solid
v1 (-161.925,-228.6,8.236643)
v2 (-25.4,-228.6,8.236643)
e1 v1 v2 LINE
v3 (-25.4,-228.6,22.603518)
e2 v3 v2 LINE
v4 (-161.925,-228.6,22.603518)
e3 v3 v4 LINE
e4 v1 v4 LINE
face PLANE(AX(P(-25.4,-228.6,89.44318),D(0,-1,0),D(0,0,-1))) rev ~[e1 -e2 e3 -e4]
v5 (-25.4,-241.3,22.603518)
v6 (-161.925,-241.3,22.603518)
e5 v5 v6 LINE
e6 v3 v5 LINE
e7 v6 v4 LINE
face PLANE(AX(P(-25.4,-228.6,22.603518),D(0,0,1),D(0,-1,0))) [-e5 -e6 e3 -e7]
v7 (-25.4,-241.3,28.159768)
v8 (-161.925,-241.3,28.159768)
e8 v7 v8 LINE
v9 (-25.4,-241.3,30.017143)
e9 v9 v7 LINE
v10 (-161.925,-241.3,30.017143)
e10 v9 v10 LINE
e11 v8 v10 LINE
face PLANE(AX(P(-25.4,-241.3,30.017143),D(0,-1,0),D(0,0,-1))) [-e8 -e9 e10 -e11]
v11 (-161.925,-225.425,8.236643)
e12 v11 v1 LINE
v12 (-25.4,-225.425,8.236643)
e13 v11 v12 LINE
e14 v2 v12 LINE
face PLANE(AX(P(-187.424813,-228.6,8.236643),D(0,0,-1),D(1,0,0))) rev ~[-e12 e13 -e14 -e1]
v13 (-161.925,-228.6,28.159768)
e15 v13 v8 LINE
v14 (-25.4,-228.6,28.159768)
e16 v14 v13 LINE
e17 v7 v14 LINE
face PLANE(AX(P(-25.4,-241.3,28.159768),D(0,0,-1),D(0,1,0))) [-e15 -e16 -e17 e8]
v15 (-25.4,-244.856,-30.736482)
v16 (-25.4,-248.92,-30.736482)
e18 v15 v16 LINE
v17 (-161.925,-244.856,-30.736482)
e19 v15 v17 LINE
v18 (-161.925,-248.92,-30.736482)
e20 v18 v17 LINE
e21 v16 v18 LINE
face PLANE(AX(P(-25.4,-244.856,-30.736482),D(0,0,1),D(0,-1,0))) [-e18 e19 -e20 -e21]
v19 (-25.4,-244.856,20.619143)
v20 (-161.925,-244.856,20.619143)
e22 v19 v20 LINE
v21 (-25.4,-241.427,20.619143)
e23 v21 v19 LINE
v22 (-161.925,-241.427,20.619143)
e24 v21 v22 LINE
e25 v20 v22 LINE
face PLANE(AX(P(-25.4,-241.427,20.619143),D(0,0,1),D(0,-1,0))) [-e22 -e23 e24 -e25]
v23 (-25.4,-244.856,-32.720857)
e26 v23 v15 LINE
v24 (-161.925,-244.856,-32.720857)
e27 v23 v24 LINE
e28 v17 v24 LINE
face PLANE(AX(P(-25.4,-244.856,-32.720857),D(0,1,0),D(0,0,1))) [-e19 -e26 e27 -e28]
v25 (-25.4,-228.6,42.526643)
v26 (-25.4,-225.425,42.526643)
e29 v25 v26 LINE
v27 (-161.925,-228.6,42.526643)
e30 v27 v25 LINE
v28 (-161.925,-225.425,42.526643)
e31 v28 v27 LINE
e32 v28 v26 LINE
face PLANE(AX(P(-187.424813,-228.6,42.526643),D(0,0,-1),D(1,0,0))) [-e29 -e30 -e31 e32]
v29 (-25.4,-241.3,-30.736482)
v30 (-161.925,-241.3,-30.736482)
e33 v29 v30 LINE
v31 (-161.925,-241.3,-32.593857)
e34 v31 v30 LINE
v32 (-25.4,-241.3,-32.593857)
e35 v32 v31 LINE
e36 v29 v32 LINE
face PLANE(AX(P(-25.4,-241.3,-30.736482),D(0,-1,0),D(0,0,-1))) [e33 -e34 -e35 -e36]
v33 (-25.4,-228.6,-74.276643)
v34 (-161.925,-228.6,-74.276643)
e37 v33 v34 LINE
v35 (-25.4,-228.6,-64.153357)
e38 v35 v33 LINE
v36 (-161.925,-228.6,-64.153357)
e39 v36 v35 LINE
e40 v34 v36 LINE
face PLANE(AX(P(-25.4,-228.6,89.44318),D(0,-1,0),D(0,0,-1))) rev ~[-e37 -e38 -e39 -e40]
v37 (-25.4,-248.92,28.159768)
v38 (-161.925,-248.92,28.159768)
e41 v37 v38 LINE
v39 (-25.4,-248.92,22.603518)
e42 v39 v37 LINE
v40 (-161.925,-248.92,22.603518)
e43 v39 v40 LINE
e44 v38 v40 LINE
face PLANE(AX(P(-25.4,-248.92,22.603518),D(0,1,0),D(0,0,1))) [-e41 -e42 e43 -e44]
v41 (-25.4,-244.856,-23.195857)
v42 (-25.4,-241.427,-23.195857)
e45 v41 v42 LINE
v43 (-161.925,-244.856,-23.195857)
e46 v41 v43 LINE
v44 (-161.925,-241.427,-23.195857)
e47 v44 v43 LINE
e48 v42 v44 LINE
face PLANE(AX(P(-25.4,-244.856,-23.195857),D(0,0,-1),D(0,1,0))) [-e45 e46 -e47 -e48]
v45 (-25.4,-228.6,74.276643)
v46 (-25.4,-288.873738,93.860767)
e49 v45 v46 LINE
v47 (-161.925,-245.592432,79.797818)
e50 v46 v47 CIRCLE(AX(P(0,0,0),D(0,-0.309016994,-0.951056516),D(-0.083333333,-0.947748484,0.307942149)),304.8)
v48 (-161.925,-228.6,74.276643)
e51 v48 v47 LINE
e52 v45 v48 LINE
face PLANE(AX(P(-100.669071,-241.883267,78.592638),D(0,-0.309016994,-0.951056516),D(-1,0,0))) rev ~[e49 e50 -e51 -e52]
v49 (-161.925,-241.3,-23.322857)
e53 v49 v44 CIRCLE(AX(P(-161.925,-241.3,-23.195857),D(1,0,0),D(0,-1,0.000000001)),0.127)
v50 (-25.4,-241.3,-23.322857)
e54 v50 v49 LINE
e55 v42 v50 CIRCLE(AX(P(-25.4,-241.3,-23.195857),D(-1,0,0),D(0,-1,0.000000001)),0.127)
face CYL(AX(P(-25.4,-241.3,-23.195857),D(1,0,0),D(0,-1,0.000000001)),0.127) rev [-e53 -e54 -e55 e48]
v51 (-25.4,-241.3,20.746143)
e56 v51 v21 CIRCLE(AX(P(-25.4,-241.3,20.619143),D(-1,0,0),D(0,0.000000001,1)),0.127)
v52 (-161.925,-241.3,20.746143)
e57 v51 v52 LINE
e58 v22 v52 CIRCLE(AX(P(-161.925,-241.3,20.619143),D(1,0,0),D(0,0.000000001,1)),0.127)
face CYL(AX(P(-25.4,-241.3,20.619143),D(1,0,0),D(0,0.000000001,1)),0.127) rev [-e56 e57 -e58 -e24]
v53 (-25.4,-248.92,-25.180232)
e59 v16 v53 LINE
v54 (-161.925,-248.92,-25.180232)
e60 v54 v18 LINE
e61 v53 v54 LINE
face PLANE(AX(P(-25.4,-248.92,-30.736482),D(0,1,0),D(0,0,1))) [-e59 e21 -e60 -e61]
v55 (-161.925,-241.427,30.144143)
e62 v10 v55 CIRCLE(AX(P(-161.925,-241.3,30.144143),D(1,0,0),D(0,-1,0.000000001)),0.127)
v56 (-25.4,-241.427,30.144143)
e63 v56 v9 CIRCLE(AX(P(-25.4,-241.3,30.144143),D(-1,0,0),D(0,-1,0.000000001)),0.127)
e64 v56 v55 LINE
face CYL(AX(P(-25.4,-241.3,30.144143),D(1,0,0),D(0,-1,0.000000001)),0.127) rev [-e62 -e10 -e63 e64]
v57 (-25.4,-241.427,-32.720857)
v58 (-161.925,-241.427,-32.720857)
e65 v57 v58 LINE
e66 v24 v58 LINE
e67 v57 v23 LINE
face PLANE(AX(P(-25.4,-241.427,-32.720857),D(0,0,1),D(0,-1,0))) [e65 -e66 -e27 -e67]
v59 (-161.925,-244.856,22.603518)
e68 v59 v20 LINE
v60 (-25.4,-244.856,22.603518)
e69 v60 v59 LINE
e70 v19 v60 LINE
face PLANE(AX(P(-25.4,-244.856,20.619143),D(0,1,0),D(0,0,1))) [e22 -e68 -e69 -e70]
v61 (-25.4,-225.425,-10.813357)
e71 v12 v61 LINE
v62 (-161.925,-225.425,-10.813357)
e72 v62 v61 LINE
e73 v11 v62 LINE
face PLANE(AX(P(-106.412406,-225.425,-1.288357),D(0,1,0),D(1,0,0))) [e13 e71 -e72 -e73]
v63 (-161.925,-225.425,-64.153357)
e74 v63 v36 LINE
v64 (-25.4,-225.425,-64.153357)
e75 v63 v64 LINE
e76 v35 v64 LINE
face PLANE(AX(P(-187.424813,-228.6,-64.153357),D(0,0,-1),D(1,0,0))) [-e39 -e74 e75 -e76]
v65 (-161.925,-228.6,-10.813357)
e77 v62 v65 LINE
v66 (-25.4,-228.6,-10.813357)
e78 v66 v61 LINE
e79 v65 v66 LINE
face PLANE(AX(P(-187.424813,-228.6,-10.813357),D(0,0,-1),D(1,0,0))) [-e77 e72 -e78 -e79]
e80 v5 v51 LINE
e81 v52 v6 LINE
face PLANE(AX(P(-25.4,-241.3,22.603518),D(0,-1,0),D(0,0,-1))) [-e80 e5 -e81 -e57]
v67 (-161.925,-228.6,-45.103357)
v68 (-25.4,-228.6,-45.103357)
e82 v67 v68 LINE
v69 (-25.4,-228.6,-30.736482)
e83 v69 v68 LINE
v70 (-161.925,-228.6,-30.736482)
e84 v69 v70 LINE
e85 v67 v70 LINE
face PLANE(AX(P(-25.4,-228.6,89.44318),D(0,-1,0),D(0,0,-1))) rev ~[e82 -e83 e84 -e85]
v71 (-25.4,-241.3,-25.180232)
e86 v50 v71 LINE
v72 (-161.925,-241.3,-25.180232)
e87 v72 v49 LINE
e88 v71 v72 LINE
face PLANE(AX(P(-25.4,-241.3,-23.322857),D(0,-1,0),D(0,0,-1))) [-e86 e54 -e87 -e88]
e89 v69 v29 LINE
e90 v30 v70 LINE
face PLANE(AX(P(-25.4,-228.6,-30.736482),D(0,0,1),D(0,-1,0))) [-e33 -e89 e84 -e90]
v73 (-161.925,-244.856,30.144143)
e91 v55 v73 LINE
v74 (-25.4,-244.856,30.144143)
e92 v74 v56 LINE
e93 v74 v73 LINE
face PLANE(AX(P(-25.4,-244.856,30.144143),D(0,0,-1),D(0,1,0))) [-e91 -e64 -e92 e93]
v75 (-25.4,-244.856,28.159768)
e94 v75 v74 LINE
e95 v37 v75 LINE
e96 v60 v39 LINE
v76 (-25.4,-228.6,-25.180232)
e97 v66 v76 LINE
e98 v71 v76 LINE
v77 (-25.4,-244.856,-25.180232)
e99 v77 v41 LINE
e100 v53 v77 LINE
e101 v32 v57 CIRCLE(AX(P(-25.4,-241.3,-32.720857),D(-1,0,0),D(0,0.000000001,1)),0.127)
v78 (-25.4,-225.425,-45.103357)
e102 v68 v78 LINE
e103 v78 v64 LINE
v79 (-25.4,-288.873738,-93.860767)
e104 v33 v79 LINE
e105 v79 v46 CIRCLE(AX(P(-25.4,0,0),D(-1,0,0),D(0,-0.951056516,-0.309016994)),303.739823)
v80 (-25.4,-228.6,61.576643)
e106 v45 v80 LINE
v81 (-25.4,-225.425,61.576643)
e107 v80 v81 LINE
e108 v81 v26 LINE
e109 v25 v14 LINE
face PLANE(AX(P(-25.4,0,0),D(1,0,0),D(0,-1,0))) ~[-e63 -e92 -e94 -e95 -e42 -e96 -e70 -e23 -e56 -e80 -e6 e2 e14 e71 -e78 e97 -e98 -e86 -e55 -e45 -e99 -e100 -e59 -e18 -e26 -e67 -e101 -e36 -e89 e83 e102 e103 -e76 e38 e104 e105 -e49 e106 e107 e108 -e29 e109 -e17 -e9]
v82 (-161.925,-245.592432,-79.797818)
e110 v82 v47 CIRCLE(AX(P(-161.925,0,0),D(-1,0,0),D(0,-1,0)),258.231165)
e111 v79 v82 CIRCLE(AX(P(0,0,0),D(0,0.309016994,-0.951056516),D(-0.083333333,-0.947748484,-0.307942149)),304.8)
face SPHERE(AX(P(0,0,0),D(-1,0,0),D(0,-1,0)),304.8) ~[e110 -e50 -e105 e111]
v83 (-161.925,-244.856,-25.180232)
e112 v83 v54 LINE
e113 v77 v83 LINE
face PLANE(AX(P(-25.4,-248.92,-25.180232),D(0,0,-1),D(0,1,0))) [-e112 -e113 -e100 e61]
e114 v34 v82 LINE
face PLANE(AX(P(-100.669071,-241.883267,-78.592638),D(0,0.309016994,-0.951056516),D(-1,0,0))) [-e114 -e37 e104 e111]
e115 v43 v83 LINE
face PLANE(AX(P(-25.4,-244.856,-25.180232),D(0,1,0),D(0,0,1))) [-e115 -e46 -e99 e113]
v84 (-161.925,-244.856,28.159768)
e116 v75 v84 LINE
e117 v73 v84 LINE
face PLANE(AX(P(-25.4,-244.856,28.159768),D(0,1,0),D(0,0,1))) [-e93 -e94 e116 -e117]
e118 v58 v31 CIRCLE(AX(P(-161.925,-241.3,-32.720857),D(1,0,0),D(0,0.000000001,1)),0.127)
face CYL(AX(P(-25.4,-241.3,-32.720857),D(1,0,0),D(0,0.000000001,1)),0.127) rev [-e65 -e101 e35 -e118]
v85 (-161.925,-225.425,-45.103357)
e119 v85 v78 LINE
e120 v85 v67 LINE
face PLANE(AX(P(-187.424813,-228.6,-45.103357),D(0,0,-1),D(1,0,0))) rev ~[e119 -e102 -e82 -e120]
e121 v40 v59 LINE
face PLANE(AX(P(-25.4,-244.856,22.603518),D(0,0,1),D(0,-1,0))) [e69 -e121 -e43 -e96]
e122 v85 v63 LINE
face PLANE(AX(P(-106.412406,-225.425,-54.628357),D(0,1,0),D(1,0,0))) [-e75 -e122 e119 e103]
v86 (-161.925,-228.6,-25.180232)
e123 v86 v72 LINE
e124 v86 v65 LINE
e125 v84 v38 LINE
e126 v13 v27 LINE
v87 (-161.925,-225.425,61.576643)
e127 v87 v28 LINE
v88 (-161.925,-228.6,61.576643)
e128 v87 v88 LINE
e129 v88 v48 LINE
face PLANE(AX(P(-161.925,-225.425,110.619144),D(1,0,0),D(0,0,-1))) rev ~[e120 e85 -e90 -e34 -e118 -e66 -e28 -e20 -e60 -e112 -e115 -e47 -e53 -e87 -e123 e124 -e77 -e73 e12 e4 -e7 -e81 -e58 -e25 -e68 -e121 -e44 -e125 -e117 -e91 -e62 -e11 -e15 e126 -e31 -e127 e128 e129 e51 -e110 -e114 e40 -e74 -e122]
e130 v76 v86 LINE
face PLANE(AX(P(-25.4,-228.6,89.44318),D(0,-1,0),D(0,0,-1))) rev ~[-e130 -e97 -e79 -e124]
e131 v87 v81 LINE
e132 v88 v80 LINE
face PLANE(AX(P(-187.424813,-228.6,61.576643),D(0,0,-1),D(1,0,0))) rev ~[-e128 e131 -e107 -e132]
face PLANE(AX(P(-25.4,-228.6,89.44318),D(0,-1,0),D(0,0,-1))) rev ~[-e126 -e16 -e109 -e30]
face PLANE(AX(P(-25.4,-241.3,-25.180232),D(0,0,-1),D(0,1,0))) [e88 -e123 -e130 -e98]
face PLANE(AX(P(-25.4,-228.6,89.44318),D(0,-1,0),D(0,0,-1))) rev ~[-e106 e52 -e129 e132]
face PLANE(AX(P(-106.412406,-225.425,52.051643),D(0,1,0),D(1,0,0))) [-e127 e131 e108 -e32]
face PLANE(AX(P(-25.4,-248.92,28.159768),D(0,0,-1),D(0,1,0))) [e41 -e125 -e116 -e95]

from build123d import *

# Parameters (mm, degrees)
REVOLVE1_ANGLE      = 36
SKETCH2_W           = 185.252199215
SKETCH2_H           = 56.371609172
CUT_EXTRUDE1_DEPTH  = 365.059347887
SKETCH5_W           = 55.655123519
SKETCH5_H           = 148.553285118
CUT_EXTRUDE2_DEPTH  = 235.735844279
SKETCH6_W           = 162.024812579
SKETCH6_H           = 19.05
BOSS_EXTRUDE1_DEPTH = 3.175
LPATTERN1_COUNT     = 3
LPATTERN1_PITCH     = 53.34
CUT_EXTRUDE3_DEPTH  = 357.818950588
LPATTERN2_COUNT     = 2
LPATTERN2_PITCH     = 53.34
SKETCH8_W           = 53.705765401
SKETCH8_H           = 196.003453697
CUT_EXTRUDE4_DEPTH  = 224.765760383


with BuildPart() as part:
    # Sketch1 → Revolve1 (revolve, symmetric)
    with BuildSketch(Plane.XY) as revolve1_sk:
        with BuildLine():
            Line((-202.80204389, -227.539822875), (-25.4, -227.539822875))
            Line((-25.4, -227.539822875), (-25.4, -303.739822875))
            ThreePointArc((-25.4, -303.739822875), (-120.294028152, -280.057827584), (-202.80204389, -227.539822875))
        make_face()
    revolve(axis=Axis((0, 0, 0), (-1, 0, 0)), revolution_arc=REVOLVE1_ANGLE / 2)
    revolve(revolve1_sk.sketch, axis=Axis((0, 0, 0), (1, 0, 0)), revolution_arc=REVOLVE1_ANGLE / 2)

    # Sketch2 → Cut-Extrude1 (cut, through all)
    with BuildSketch(Plane(origin=(-25.4, 0, 0), x_dir=(0, 0, -1), z_dir=(1, 0, 0))):
        with Locations((3.182919918, -200.414195414)):
            Rectangle(SKETCH2_W, SKETCH2_H)
    extrude(amount=-CUT_EXTRUDE1_DEPTH, mode=Mode.SUBTRACT)

    # Sketch5 → Cut-Extrude2 (cut, through all)
    with BuildSketch(Plane(origin=(0, -228.6, 0), x_dir=(1, 0, 0), z_dir=(0, 1, 0))):
        with Locations((-215.252374339, 0)):
            Rectangle(SKETCH5_W, SKETCH5_H)
    extrude(amount=-CUT_EXTRUDE2_DEPTH, mode=Mode.SUBTRACT)

    # Sketch6 → Boss-Extrude1 (add)
    with BuildSketch(Plane(origin=(0, -228.6, 0), x_dir=(1, 0, 0), z_dir=(0, 1, 0))):
        with Locations((-106.41240629, -52.051642559)):
            Rectangle(SKETCH6_W, SKETCH6_H)
    boss_extrude1 = extrude(amount=BOSS_EXTRUDE1_DEPTH)

    # LPattern1: Boss-Extrude1 ×3
    with Locations(*[(0, 0, -i * LPATTERN1_PITCH) for i in range(1, LPATTERN1_COUNT)]):
        add(boss_extrude1)

    # Sketch7 → Cut-Extrude3 (cut, through all)
    with BuildSketch(Plane(origin=(-25.4, 0, 0), x_dir=(0, 0, -1), z_dir=(1, 0, 0))):
        with BuildLine():
            Line((-22.603517559, -244.856), (-22.603517559, -248.92))
            Line((-22.603517559, -248.92), (-28.159767559, -248.92))
            Line((-28.159767559, -248.92), (-28.159767559, -244.856))
            Line((-28.159767559, -244.856), (-30.144142559, -244.856))
            Line((-30.144142559, -244.856), (-30.144142559, -241.427))
            ThreePointArc((-30.144142559, -241.427), (-30.23394512, -241.210197439), (-30.017142559, -241.3))
            Line((-30.017142559, -241.3), (-28.159767559, -241.3))
            Line((-28.159767559, -241.3), (-28.159767559, -228.6))
            Line((-28.159767559, -228.6), (-22.603517559, -228.6))
            Line((-22.603517559, -228.6), (-22.603517559, -241.3))
            Line((-22.603517559, -241.3), (-20.746142559, -241.3))
            ThreePointArc((-20.746142559, -241.3), (-20.529339998, -241.210197439), (-20.619142559, -241.427))
            Line((-20.619142559, -241.427), (-20.619142559, -244.856))
            Line((-20.619142559, -244.856), (-22.603517559, -244.856))
        make_face()
    cut_extrude3 = extrude(amount=-CUT_EXTRUDE3_DEPTH, mode=Mode.SUBTRACT)

    # LPattern2: Cut-Extrude3 ×2
    with Locations(*[(0, 0, -i * LPATTERN2_PITCH) for i in range(1, LPATTERN2_COUNT)]):
        add(cut_extrude3, mode=Mode.SUBTRACT)

    # Sketch8 → Cut-Extrude4 (cut, through all)
    with BuildSketch(Plane(origin=(0, -225.425, 0), x_dir=(1, 0, 0), z_dir=(0, 1, 0))):
        with Locations((-188.777882701, -12.617417505)):
            Rectangle(SKETCH8_W, SKETCH8_H)
    extrude(amount=-CUT_EXTRUDE4_DEPTH, mode=Mode.SUBTRACT)


solid = part.part
